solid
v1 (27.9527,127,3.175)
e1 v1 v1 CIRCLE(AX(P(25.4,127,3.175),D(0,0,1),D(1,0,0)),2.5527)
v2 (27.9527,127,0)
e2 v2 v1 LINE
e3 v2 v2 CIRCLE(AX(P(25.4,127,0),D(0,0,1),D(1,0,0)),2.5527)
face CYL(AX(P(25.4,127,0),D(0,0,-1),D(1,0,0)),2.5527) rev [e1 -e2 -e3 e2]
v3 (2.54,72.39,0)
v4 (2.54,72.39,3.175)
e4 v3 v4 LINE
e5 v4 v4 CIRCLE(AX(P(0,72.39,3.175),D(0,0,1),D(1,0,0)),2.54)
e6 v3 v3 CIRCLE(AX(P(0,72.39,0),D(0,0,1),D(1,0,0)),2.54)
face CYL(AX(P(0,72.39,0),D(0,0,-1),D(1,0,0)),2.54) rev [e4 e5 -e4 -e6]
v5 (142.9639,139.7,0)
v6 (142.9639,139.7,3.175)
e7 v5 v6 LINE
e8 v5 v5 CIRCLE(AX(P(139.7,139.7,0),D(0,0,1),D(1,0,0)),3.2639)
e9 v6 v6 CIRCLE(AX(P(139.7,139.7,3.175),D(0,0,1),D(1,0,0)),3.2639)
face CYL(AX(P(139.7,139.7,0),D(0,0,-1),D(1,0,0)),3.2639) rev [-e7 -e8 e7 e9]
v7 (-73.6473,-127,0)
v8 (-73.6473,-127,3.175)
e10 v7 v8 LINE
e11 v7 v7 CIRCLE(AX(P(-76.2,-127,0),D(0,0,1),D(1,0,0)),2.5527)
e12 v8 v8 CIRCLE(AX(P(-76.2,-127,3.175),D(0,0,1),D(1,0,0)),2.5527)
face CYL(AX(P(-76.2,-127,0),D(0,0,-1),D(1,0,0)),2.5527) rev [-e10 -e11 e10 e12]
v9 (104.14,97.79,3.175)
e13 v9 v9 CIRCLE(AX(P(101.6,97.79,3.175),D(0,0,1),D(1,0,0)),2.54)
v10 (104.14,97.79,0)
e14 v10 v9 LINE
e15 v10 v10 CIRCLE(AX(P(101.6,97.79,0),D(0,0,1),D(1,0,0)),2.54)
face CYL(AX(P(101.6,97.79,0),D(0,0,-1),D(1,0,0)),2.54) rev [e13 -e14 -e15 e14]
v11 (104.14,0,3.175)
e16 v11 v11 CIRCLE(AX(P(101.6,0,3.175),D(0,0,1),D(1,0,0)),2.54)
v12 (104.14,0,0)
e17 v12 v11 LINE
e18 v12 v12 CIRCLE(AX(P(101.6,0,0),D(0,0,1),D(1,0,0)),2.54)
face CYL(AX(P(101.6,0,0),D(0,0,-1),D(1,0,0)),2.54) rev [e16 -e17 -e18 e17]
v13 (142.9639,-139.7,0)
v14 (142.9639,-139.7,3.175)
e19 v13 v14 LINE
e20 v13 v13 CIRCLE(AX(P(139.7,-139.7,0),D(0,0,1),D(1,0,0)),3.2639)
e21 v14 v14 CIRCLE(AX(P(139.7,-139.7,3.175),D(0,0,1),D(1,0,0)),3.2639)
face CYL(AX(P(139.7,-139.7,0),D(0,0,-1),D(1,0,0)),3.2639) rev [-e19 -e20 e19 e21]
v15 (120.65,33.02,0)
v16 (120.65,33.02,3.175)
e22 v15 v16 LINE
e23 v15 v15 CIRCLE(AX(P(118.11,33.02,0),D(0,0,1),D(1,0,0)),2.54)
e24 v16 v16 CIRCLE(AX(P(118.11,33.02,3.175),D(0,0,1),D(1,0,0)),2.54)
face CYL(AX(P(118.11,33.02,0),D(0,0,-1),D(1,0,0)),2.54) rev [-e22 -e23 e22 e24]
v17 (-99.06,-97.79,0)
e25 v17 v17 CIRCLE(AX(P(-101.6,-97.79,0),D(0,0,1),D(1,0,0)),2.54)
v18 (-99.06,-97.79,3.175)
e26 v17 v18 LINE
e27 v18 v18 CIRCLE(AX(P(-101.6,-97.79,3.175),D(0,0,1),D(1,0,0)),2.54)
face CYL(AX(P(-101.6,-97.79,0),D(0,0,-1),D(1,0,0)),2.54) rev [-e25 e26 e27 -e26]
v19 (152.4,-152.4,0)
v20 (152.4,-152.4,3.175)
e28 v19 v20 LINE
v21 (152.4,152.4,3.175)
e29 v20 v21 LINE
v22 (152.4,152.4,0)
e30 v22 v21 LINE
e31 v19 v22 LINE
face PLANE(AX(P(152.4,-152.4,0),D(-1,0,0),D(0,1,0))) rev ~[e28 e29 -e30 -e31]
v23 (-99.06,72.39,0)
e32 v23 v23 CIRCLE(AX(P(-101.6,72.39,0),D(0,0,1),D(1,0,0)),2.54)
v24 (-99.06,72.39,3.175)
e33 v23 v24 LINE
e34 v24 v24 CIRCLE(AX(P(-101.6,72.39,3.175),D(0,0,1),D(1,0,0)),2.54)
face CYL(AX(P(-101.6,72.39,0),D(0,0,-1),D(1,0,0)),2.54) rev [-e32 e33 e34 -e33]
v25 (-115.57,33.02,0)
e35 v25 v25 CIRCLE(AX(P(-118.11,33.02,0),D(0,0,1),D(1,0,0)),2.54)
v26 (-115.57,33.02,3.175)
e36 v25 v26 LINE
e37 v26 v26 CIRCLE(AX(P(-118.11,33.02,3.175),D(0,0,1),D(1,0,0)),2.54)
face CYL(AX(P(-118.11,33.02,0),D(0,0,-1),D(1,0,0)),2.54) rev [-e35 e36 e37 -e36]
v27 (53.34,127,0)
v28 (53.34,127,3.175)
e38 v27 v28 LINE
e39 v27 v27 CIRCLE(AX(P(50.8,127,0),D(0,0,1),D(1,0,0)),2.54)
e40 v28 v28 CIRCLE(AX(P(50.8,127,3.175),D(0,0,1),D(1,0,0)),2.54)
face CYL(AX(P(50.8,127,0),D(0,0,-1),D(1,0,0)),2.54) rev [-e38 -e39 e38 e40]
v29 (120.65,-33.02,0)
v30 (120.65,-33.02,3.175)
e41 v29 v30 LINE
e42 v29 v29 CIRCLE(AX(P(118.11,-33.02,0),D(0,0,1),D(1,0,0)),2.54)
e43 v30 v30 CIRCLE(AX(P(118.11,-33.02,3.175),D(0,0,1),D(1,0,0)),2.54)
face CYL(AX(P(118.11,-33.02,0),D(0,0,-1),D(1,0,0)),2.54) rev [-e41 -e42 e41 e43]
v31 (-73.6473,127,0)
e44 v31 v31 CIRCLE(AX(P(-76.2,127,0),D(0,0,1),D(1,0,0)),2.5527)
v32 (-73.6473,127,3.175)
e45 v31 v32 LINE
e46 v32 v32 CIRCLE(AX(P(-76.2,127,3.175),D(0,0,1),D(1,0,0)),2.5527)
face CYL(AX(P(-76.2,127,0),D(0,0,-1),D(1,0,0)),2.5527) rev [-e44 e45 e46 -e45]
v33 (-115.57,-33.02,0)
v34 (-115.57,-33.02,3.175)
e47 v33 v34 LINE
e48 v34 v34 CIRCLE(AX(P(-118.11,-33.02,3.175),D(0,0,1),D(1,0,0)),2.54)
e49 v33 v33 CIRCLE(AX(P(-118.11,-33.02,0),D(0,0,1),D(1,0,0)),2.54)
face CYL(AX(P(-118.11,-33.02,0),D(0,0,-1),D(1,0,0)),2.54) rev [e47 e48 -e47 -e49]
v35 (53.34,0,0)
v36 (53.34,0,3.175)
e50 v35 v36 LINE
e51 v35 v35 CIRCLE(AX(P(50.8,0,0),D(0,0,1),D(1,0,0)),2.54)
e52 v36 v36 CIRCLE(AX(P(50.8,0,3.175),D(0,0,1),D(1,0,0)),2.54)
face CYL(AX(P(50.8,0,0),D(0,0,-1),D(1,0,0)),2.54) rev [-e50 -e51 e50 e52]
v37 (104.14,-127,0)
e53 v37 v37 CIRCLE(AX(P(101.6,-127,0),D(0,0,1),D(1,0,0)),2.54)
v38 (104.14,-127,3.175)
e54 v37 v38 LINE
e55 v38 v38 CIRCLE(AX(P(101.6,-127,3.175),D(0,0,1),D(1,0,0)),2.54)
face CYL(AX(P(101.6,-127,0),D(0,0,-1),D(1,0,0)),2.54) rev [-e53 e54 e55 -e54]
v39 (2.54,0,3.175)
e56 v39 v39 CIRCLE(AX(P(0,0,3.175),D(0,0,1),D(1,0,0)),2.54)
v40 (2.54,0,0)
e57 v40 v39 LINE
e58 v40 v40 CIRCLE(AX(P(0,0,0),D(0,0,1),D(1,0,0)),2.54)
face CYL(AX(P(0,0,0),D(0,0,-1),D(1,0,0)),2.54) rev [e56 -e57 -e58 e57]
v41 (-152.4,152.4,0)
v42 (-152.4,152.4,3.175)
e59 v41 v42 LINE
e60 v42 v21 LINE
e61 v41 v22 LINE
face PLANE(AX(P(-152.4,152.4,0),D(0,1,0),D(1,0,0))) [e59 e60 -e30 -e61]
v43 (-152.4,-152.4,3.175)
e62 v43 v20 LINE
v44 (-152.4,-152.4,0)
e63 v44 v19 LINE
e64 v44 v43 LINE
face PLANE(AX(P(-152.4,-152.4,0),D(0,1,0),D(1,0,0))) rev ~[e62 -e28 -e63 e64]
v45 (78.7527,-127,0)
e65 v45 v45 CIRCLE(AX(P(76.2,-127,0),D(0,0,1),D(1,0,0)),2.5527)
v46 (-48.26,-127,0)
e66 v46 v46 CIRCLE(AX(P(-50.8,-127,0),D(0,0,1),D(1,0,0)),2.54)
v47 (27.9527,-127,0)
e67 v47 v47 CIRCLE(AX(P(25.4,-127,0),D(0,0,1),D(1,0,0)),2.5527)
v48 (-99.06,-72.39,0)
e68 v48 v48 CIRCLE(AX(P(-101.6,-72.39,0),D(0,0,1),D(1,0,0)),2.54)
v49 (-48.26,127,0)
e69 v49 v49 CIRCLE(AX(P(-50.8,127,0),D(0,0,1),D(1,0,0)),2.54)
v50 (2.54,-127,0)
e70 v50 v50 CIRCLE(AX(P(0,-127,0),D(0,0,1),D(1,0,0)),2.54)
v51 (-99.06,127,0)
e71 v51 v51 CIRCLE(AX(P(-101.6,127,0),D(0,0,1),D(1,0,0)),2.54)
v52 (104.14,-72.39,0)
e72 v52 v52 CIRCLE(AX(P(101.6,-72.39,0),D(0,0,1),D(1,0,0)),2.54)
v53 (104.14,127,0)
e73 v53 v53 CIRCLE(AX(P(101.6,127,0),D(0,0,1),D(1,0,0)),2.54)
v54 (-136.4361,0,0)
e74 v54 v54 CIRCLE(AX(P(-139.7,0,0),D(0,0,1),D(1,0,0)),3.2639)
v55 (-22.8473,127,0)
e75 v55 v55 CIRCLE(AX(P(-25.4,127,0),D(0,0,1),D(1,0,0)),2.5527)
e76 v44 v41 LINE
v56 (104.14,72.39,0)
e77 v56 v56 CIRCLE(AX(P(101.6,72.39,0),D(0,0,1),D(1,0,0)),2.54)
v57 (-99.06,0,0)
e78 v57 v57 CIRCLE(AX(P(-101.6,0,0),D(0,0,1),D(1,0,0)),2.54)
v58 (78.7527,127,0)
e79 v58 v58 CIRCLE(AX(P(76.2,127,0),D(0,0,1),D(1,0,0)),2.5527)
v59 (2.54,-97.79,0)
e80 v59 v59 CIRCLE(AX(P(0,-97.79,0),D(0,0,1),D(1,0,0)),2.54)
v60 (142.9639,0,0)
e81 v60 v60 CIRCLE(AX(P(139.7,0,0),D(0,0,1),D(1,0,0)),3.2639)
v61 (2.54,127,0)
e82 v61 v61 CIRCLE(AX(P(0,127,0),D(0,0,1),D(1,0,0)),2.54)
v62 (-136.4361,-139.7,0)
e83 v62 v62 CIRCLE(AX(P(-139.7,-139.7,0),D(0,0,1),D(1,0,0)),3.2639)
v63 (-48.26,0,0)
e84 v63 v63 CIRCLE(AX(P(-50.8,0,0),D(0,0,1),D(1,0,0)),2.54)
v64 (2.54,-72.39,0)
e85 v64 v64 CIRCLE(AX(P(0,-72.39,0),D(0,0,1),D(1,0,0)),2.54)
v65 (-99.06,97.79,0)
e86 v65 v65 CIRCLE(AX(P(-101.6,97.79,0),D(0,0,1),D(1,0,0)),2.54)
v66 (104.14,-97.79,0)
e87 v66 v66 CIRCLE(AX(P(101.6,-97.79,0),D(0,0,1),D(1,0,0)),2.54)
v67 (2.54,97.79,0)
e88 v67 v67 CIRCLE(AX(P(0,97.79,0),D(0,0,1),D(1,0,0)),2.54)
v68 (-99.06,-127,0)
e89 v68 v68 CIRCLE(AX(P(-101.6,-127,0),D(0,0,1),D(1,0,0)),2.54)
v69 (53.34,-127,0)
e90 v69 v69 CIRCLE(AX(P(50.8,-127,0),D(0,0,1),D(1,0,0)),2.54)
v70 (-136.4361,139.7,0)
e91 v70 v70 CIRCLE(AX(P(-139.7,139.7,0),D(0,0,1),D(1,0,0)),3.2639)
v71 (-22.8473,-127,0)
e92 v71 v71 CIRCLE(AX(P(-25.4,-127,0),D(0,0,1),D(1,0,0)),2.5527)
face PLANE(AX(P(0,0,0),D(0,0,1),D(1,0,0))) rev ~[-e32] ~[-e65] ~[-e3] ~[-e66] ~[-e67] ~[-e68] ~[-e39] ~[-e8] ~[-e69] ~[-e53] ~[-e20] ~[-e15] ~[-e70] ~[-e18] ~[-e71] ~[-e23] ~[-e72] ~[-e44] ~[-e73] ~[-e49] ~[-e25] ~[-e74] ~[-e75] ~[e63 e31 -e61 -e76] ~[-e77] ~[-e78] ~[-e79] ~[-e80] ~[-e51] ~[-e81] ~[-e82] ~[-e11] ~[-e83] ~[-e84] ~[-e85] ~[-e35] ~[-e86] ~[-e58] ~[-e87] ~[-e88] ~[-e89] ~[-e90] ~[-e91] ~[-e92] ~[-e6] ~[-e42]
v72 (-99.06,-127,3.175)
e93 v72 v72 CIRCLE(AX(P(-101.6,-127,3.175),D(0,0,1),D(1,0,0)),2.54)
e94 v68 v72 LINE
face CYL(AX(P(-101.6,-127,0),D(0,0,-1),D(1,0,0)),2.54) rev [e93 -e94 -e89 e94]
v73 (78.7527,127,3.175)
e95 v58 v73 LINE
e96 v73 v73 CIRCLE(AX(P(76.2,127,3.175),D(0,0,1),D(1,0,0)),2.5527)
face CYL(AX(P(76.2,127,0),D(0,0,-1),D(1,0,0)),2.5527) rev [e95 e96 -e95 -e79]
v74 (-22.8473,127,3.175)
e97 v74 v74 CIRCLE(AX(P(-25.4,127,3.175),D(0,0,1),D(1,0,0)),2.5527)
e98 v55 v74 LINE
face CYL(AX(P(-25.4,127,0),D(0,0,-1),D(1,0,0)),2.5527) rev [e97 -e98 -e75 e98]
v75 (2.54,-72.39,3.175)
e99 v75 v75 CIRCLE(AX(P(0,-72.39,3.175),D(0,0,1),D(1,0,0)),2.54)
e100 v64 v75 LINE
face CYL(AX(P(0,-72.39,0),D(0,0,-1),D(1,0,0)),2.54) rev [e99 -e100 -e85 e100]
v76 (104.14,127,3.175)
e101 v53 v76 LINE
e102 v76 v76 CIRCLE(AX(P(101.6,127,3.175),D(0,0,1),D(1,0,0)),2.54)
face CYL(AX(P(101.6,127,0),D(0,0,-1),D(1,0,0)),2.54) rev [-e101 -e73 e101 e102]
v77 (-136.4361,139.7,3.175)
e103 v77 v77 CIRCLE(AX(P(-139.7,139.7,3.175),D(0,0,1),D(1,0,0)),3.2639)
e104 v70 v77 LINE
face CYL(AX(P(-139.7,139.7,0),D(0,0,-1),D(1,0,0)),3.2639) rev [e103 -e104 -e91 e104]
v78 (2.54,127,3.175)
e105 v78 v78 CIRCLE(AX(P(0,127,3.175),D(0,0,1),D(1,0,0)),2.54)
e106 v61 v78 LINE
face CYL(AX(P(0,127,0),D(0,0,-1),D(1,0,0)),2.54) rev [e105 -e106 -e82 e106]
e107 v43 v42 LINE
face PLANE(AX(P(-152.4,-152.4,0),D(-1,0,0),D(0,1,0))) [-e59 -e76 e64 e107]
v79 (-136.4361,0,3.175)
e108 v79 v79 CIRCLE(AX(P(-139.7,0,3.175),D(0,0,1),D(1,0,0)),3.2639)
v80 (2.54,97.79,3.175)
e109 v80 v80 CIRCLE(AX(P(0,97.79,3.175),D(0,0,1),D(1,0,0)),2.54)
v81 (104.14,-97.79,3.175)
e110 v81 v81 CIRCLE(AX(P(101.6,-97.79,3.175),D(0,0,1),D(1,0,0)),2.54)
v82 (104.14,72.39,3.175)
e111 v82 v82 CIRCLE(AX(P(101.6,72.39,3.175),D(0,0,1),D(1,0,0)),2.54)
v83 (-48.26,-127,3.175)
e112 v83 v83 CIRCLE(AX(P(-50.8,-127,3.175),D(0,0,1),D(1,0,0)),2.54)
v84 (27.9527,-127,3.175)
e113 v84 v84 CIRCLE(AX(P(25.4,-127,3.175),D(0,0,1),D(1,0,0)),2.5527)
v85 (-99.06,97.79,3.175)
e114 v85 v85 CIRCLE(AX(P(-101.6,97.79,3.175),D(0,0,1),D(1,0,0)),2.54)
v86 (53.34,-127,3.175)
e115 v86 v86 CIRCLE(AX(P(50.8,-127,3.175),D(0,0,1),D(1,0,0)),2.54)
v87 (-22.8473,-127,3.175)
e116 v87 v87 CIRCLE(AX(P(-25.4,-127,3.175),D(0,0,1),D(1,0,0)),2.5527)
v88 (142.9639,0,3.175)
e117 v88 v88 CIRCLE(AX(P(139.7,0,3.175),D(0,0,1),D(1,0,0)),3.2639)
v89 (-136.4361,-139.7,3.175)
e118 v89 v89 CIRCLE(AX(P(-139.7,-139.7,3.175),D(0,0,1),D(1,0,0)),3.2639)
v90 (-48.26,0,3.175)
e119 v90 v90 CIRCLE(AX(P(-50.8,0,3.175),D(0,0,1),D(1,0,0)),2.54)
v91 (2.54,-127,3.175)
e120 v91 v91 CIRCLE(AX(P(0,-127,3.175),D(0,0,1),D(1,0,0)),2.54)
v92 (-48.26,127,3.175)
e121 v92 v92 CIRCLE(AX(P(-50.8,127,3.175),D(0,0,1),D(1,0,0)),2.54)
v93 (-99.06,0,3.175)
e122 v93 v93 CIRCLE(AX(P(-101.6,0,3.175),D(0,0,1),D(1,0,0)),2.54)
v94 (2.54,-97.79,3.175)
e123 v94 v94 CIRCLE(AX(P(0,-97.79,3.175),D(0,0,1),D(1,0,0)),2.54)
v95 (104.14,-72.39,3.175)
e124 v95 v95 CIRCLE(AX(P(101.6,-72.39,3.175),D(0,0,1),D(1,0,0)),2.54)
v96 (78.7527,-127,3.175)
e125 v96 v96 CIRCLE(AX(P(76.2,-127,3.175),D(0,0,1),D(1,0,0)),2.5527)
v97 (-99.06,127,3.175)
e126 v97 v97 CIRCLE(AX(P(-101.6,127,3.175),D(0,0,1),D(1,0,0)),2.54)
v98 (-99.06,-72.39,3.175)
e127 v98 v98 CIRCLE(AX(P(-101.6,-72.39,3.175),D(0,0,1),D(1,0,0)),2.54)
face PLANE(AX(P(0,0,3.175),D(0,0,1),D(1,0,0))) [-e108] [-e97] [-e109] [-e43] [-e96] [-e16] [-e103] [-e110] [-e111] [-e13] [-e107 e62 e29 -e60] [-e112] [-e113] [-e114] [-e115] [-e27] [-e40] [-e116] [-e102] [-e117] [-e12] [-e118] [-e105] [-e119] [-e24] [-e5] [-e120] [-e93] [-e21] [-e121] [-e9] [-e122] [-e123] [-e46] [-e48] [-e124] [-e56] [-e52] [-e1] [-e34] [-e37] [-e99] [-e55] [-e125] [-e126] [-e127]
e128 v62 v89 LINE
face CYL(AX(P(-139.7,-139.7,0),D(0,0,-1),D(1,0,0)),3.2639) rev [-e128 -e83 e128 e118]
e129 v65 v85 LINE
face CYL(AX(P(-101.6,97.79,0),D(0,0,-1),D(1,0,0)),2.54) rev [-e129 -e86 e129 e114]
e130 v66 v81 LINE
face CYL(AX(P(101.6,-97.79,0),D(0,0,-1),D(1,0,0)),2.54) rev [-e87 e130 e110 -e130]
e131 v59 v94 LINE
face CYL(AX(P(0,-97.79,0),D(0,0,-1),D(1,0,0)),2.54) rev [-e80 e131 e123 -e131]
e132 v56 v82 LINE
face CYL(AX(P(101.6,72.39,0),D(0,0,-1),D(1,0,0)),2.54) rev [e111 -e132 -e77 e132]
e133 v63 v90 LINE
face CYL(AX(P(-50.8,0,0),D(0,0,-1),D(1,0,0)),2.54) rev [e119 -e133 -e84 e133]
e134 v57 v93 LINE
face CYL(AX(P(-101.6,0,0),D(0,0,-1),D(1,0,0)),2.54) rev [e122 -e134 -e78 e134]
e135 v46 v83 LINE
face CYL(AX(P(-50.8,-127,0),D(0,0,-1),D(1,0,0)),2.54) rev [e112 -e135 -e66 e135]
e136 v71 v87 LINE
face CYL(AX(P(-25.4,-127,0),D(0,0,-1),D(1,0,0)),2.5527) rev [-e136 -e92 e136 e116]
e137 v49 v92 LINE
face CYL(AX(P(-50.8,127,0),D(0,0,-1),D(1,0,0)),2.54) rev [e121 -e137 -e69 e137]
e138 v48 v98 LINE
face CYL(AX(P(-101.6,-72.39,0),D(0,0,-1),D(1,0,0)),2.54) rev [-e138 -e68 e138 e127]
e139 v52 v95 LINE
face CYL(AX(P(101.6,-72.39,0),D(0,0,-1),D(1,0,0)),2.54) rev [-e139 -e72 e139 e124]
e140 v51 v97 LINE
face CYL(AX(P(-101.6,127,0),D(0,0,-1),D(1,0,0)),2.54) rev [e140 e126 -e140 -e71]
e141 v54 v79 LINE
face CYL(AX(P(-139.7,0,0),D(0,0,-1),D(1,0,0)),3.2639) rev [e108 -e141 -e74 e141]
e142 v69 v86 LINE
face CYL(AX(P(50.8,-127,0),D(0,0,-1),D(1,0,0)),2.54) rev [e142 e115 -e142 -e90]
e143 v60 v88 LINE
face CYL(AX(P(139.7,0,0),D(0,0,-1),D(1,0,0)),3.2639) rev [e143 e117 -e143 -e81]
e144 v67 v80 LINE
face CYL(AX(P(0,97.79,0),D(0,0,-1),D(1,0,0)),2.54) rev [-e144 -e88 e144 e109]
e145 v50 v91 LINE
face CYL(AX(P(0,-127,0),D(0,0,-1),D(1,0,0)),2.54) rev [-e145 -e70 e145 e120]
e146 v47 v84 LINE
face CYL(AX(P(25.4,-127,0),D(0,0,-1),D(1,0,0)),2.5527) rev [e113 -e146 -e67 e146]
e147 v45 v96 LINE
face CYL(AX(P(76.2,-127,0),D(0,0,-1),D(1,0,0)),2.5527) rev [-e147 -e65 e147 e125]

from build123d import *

# Parameters (mm, degrees)
SKETCH1_W           = 304.8
SKETCH1_H           = 304.8
SKETCH1_R           = 2.5527
SKETCH1_R_2         = 2.54
SKETCH1_R_3         = 3.2639
BOSS_EXTRUDE1_DEPTH = 3.175


with BuildPart() as part:
    # Sketch1 → Boss-Extrude1 (new body)
    with BuildSketch(Plane.XY):
        Rectangle(SKETCH1_W, SKETCH1_H)
        with Locations((-76.2, 127)):
            Circle(SKETCH1_R, mode=Mode.SUBTRACT)
        with Locations((-25.4, 127)):
            Circle(SKETCH1_R, mode=Mode.SUBTRACT)
        with Locations((25.4, 127)):
            Circle(SKETCH1_R, mode=Mode.SUBTRACT)
        with Locations((76.2, 127)):
            Circle(SKETCH1_R, mode=Mode.SUBTRACT)
        with Locations((-101.6, 0)):
            Circle(SKETCH1_R_2, mode=Mode.SUBTRACT)
        with Locations((-50.8, 0)):
            Circle(SKETCH1_R_2, mode=Mode.SUBTRACT)
        Circle(SKETCH1_R_2, mode=Mode.SUBTRACT)
        with Locations((101.6, 0)):
            Circle(SKETCH1_R_2, mode=Mode.SUBTRACT)
        with Locations((50.8, 0)):
            Circle(SKETCH1_R_2, mode=Mode.SUBTRACT)
        with Locations((-50.8, 127)):
            Circle(SKETCH1_R_2, mode=Mode.SUBTRACT)
        with Locations((0, 127)):
            Circle(SKETCH1_R_2, mode=Mode.SUBTRACT)
        with Locations((50.8, 127)):
            Circle(SKETCH1_R_2, mode=Mode.SUBTRACT)
        with Locations((-101.6, 72.39)):
            Circle(SKETCH1_R_2, mode=Mode.SUBTRACT)
        with Locations((0, 72.39)):
            Circle(SKETCH1_R_2, mode=Mode.SUBTRACT)
        with Locations((101.6, 72.39)):
            Circle(SKETCH1_R_2, mode=Mode.SUBTRACT)
        with Locations((-101.6, -72.39)):
            Circle(SKETCH1_R_2, mode=Mode.SUBTRACT)
        with Locations((0, -72.39)):
            Circle(SKETCH1_R_2, mode=Mode.SUBTRACT)
        with Locations((101.6, -72.39)):
            Circle(SKETCH1_R_2, mode=Mode.SUBTRACT)
        with Locations((-76.2, -127)):
            Circle(SKETCH1_R, mode=Mode.SUBTRACT)
        with Locations((-25.4, -127)):
            Circle(SKETCH1_R, mode=Mode.SUBTRACT)
        with Locations((25.4, -127)):
            Circle(SKETCH1_R, mode=Mode.SUBTRACT)
        with Locations((76.2, -127)):
            Circle(SKETCH1_R, mode=Mode.SUBTRACT)
        with Locations((50.8, -127)):
            Circle(SKETCH1_R_2, mode=Mode.SUBTRACT)
        with Locations((0, -127)):
            Circle(SKETCH1_R_2, mode=Mode.SUBTRACT)
        with Locations((-50.8, -127)):
            Circle(SKETCH1_R_2, mode=Mode.SUBTRACT)
        with Locations((-101.6, 97.79)):
            Circle(SKETCH1_R_2, mode=Mode.SUBTRACT)
        with Locations((0, 97.79)):
            Circle(SKETCH1_R_2, mode=Mode.SUBTRACT)
        with Locations((101.6, 97.79)):
            Circle(SKETCH1_R_2, mode=Mode.SUBTRACT)
        with Locations((101.6, 127)):
            Circle(SKETCH1_R_2, mode=Mode.SUBTRACT)
        with Locations((-101.6, 127)):
            Circle(SKETCH1_R_2, mode=Mode.SUBTRACT)
        with Locations((-118.11, 33.02)):
            Circle(SKETCH1_R_2, mode=Mode.SUBTRACT)
        with Locations((-101.6, -127)):
            Circle(SKETCH1_R_2, mode=Mode.SUBTRACT)
        with Locations((101.6, -127)):
            Circle(SKETCH1_R_2, mode=Mode.SUBTRACT)
        with Locations((101.6, -97.79)):
            Circle(SKETCH1_R_2, mode=Mode.SUBTRACT)
        with Locations((0, -97.79)):
            Circle(SKETCH1_R_2, mode=Mode.SUBTRACT)
        with Locations((-101.6, -97.79)):
            Circle(SKETCH1_R_2, mode=Mode.SUBTRACT)
        with Locations((-118.11, -33.02)):
            Circle(SKETCH1_R_2, mode=Mode.SUBTRACT)
        with Locations((-139.7, 139.7)):
            Circle(SKETCH1_R_3, mode=Mode.SUBTRACT)
        with Locations((-139.7, 0)):
            Circle(SKETCH1_R_3, mode=Mode.SUBTRACT)
        with Locations((-139.7, -139.7)):
            Circle(SKETCH1_R_3, mode=Mode.SUBTRACT)
        with Locations((139.7, -139.7)):
            Circle(SKETCH1_R_3, mode=Mode.SUBTRACT)
        with Locations((139.7, 0)):
            Circle(SKETCH1_R_3, mode=Mode.SUBTRACT)
        with Locations((139.7, 139.7)):
            Circle(SKETCH1_R_3, mode=Mode.SUBTRACT)
        with Locations((118.11, -33.02)):
            Circle(SKETCH1_R_2, mode=Mode.SUBTRACT)
        with Locations((118.11, 33.02)):
            Circle(SKETCH1_R_2, mode=Mode.SUBTRACT)
    extrude(amount=BOSS_EXTRUDE1_DEPTH)


solid = part.part
